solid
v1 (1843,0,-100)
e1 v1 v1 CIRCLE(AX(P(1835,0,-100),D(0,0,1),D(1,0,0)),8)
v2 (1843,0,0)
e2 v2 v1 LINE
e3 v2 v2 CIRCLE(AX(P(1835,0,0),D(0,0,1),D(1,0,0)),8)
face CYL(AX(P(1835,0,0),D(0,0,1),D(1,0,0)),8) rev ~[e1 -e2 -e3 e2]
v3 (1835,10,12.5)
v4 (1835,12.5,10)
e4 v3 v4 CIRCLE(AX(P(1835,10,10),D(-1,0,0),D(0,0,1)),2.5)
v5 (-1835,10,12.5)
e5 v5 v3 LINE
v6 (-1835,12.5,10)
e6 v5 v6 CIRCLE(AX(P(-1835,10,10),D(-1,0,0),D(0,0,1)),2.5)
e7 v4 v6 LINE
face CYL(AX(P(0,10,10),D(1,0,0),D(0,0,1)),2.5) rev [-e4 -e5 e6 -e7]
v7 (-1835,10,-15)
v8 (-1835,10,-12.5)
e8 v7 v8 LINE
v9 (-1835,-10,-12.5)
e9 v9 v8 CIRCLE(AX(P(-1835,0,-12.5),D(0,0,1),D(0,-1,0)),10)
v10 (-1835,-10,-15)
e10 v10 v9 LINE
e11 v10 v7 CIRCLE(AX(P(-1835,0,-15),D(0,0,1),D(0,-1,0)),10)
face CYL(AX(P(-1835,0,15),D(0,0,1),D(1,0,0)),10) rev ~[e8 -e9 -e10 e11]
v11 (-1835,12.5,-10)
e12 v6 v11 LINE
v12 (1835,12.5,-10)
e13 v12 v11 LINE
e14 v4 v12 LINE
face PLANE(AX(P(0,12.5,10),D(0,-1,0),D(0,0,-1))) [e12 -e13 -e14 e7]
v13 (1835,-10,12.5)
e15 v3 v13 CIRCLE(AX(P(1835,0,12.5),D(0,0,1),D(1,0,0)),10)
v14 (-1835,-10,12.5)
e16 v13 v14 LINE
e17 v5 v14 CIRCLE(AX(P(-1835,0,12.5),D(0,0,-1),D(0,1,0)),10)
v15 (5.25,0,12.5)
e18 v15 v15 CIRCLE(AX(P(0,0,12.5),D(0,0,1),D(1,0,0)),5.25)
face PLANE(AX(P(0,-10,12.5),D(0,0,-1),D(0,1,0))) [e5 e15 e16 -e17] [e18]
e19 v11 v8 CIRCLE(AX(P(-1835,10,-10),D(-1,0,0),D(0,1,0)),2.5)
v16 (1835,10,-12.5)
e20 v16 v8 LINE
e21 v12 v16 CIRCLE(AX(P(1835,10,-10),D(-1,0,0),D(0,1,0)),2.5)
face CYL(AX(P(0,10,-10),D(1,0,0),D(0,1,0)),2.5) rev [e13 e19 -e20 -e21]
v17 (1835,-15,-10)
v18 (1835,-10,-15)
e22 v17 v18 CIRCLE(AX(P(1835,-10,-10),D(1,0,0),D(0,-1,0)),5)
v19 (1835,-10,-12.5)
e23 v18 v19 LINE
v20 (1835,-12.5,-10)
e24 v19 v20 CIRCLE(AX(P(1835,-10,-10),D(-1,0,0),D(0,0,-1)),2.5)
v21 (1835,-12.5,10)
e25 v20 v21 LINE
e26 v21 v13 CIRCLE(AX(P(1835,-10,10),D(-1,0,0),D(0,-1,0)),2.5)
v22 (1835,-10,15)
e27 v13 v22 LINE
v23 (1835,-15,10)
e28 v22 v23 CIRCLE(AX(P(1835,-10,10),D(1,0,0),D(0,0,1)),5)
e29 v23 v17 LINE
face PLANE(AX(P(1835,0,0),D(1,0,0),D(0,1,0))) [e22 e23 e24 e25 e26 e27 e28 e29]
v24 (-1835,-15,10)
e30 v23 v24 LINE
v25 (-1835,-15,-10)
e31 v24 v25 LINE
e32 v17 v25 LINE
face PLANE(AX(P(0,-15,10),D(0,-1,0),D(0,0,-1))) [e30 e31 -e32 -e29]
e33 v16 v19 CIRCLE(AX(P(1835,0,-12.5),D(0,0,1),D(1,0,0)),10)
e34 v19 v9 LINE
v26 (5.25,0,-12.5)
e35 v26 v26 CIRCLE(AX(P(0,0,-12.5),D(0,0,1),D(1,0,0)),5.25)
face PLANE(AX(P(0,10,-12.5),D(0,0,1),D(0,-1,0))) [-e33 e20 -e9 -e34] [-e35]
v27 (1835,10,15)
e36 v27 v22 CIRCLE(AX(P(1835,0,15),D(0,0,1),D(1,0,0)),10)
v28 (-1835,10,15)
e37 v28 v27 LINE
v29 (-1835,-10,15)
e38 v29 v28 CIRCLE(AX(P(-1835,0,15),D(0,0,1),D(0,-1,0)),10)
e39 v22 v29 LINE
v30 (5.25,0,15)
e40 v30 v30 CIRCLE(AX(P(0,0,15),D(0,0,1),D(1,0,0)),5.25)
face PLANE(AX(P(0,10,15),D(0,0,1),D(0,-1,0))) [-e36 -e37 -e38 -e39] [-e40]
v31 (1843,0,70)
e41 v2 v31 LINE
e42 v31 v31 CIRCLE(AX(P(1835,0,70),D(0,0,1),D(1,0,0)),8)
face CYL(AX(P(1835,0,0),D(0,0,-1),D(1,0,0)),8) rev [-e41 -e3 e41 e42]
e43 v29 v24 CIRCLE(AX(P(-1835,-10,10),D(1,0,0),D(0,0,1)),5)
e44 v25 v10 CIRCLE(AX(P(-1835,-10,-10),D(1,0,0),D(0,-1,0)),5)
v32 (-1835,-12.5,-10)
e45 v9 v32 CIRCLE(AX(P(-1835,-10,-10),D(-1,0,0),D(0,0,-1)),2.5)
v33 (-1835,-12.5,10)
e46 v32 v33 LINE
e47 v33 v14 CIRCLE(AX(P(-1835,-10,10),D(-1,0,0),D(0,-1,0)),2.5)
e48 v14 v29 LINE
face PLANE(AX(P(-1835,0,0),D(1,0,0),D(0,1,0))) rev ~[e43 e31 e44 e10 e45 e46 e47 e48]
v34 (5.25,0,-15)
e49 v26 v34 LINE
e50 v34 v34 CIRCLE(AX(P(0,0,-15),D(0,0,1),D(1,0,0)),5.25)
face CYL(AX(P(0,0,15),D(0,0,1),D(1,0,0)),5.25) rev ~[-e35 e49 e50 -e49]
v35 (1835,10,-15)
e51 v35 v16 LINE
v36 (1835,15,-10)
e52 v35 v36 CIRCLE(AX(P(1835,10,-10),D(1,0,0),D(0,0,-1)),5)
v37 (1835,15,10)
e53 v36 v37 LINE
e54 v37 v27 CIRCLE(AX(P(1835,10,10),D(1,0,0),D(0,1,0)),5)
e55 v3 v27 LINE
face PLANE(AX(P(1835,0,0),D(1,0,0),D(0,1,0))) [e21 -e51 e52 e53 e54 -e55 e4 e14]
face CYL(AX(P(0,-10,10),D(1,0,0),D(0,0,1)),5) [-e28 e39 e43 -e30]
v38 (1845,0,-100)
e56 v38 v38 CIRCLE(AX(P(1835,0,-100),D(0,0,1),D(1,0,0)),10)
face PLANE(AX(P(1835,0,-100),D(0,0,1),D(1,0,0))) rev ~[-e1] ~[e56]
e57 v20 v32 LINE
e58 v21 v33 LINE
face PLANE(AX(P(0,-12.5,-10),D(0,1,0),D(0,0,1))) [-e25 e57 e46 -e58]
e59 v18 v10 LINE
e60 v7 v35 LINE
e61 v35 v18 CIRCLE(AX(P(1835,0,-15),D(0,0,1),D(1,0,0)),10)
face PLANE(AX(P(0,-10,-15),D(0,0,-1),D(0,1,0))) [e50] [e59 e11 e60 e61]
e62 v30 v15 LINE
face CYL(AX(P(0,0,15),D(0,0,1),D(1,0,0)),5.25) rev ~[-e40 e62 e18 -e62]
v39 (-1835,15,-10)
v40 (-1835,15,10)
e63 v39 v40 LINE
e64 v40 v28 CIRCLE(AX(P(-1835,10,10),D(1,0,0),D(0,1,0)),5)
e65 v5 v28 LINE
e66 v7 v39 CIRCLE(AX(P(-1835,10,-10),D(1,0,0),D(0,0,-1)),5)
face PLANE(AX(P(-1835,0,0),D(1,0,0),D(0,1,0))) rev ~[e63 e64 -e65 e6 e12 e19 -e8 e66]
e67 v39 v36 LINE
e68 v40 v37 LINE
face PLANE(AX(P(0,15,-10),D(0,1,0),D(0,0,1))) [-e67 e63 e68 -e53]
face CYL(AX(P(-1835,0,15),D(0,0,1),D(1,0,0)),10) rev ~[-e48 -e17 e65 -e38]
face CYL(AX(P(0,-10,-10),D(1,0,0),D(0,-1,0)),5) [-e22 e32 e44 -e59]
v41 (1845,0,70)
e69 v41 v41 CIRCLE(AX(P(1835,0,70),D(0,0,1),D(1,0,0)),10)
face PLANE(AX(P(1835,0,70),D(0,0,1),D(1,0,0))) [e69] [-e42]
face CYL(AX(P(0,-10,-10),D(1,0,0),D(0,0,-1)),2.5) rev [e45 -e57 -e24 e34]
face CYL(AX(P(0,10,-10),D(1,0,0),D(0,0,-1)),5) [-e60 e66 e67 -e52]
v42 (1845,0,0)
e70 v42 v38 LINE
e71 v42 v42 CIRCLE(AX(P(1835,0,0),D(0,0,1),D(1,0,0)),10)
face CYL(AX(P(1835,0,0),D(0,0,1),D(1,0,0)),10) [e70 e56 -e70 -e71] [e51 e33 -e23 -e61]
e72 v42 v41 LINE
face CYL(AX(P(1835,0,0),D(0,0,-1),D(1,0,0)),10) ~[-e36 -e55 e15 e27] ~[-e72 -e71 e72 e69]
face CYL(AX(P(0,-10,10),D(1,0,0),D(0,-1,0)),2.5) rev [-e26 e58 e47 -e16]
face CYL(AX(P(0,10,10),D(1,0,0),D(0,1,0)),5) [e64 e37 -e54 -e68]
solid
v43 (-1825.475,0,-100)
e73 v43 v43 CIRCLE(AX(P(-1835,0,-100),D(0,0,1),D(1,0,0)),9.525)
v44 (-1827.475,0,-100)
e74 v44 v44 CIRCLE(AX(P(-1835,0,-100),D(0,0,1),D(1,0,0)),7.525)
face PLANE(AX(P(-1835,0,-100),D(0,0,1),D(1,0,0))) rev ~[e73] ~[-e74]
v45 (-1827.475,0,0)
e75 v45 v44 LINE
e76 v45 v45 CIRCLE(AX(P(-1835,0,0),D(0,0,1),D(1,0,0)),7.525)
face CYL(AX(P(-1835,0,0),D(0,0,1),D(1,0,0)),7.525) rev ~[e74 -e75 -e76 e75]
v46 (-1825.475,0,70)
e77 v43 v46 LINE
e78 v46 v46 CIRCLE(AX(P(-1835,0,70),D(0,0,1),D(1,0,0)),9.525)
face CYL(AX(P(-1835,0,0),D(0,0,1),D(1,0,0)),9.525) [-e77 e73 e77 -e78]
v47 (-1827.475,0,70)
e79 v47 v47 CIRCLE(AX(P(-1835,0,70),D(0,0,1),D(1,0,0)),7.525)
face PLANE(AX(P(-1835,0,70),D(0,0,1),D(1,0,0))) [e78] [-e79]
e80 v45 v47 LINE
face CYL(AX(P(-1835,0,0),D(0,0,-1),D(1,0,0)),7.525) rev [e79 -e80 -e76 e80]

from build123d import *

# Parameters (mm, degrees)
F1_DEPTH      = 1835
F2_R          = 10
F3_DEPTH      = 30.001
F4_R          = 9.525
F4_R_2        = 7.525
F5_DEPTH      = 70
F5_DEPTH_BACK = 100
F4_R_3        = 10
F4_R_4        = 8
F6_R          = 5.25
F7_DEPTH      = 115.001


with BuildPart() as f1:
    # F0 (on Right) → F1 (new body, symmetric)
    with BuildSketch(Plane.YZ):
        with BuildLine():
            Line((-10, -15), (10, -15))
            ThreePointArc((10, -15), (13.5355339059, -13.5355339059), (15, -10))
            Line((15, -10), (15, 10))
            ThreePointArc((15, 10), (13.5355339059, 13.5355339059), (10, 15))
            Line((10, 15), (-10, 15))
            ThreePointArc((-10, 15), (-13.5355339059, 13.5355339059), (-15, 10))
            Line((-15, 10), (-15, -10))
            ThreePointArc((-15, -10), (-13.5355339059, -13.5355339059), (-10, -15))
        make_face()
        with BuildLine():
            ThreePointArc((10, 12.5), (11.767766953, 11.767766953), (12.5, 10))
            Line((12.5, 10), (12.5, -10))
            ThreePointArc((12.5, -10), (11.767766953, -11.767766953), (10, -12.5))
            Line((10, -12.5), (-10, -12.5))
            ThreePointArc((-10, -12.5), (-11.767766953, -11.767766953), (-12.5, -10))
            Line((-12.5, -10), (-12.5, 10))
            ThreePointArc((-12.5, 10), (-11.767766953, 11.767766953), (-10, 12.5))
            Line((-10, 12.5), (10, 12.5))
        make_face(mode=Mode.SUBTRACT)
    extrude(amount=F1_DEPTH, both=True)

    # F2 (on face) → F3 (cut, through all)
    with BuildSketch(Plane.XY.offset(15)):
        with Locations((-1835, 0)):
            Circle(F2_R)
        with Locations((1835, 0)):
            Circle(F2_R)
    extrude(amount=-F3_DEPTH, mode=Mode.SUBTRACT)

    # F4 (on Top) → F5, piece 2 (join, two sides)
    with BuildSketch(Plane.XY) as f5_2_sk:
        with Locations((1835, 0)):
            Circle(F4_R_3)
        with Locations((1835, 0)):
            Circle(F4_R_4, mode=Mode.SUBTRACT)
    extrude(amount=F5_DEPTH)
    extrude(f5_2_sk.sketch, amount=-F5_DEPTH_BACK)

    # F6 (on face) → F7 (cut, through all)
    with BuildSketch(Plane.XY.offset(15)):
        Circle(F6_R)
    extrude(amount=-F7_DEPTH, mode=Mode.SUBTRACT)


with BuildPart() as f5:
    # F4 (on Top) → F5 (new body, two sides)
    with BuildSketch(Plane.XY) as f5_sk:
        with Locations((-1835, 0)):
            Circle(F4_R)
        with Locations((-1835, 0)):
            Circle(F4_R_2, mode=Mode.SUBTRACT)
    extrude(amount=F5_DEPTH)
    extrude(f5_sk.sketch, amount=-F5_DEPTH_BACK)


solid = Compound([f1.part, f5.part])
